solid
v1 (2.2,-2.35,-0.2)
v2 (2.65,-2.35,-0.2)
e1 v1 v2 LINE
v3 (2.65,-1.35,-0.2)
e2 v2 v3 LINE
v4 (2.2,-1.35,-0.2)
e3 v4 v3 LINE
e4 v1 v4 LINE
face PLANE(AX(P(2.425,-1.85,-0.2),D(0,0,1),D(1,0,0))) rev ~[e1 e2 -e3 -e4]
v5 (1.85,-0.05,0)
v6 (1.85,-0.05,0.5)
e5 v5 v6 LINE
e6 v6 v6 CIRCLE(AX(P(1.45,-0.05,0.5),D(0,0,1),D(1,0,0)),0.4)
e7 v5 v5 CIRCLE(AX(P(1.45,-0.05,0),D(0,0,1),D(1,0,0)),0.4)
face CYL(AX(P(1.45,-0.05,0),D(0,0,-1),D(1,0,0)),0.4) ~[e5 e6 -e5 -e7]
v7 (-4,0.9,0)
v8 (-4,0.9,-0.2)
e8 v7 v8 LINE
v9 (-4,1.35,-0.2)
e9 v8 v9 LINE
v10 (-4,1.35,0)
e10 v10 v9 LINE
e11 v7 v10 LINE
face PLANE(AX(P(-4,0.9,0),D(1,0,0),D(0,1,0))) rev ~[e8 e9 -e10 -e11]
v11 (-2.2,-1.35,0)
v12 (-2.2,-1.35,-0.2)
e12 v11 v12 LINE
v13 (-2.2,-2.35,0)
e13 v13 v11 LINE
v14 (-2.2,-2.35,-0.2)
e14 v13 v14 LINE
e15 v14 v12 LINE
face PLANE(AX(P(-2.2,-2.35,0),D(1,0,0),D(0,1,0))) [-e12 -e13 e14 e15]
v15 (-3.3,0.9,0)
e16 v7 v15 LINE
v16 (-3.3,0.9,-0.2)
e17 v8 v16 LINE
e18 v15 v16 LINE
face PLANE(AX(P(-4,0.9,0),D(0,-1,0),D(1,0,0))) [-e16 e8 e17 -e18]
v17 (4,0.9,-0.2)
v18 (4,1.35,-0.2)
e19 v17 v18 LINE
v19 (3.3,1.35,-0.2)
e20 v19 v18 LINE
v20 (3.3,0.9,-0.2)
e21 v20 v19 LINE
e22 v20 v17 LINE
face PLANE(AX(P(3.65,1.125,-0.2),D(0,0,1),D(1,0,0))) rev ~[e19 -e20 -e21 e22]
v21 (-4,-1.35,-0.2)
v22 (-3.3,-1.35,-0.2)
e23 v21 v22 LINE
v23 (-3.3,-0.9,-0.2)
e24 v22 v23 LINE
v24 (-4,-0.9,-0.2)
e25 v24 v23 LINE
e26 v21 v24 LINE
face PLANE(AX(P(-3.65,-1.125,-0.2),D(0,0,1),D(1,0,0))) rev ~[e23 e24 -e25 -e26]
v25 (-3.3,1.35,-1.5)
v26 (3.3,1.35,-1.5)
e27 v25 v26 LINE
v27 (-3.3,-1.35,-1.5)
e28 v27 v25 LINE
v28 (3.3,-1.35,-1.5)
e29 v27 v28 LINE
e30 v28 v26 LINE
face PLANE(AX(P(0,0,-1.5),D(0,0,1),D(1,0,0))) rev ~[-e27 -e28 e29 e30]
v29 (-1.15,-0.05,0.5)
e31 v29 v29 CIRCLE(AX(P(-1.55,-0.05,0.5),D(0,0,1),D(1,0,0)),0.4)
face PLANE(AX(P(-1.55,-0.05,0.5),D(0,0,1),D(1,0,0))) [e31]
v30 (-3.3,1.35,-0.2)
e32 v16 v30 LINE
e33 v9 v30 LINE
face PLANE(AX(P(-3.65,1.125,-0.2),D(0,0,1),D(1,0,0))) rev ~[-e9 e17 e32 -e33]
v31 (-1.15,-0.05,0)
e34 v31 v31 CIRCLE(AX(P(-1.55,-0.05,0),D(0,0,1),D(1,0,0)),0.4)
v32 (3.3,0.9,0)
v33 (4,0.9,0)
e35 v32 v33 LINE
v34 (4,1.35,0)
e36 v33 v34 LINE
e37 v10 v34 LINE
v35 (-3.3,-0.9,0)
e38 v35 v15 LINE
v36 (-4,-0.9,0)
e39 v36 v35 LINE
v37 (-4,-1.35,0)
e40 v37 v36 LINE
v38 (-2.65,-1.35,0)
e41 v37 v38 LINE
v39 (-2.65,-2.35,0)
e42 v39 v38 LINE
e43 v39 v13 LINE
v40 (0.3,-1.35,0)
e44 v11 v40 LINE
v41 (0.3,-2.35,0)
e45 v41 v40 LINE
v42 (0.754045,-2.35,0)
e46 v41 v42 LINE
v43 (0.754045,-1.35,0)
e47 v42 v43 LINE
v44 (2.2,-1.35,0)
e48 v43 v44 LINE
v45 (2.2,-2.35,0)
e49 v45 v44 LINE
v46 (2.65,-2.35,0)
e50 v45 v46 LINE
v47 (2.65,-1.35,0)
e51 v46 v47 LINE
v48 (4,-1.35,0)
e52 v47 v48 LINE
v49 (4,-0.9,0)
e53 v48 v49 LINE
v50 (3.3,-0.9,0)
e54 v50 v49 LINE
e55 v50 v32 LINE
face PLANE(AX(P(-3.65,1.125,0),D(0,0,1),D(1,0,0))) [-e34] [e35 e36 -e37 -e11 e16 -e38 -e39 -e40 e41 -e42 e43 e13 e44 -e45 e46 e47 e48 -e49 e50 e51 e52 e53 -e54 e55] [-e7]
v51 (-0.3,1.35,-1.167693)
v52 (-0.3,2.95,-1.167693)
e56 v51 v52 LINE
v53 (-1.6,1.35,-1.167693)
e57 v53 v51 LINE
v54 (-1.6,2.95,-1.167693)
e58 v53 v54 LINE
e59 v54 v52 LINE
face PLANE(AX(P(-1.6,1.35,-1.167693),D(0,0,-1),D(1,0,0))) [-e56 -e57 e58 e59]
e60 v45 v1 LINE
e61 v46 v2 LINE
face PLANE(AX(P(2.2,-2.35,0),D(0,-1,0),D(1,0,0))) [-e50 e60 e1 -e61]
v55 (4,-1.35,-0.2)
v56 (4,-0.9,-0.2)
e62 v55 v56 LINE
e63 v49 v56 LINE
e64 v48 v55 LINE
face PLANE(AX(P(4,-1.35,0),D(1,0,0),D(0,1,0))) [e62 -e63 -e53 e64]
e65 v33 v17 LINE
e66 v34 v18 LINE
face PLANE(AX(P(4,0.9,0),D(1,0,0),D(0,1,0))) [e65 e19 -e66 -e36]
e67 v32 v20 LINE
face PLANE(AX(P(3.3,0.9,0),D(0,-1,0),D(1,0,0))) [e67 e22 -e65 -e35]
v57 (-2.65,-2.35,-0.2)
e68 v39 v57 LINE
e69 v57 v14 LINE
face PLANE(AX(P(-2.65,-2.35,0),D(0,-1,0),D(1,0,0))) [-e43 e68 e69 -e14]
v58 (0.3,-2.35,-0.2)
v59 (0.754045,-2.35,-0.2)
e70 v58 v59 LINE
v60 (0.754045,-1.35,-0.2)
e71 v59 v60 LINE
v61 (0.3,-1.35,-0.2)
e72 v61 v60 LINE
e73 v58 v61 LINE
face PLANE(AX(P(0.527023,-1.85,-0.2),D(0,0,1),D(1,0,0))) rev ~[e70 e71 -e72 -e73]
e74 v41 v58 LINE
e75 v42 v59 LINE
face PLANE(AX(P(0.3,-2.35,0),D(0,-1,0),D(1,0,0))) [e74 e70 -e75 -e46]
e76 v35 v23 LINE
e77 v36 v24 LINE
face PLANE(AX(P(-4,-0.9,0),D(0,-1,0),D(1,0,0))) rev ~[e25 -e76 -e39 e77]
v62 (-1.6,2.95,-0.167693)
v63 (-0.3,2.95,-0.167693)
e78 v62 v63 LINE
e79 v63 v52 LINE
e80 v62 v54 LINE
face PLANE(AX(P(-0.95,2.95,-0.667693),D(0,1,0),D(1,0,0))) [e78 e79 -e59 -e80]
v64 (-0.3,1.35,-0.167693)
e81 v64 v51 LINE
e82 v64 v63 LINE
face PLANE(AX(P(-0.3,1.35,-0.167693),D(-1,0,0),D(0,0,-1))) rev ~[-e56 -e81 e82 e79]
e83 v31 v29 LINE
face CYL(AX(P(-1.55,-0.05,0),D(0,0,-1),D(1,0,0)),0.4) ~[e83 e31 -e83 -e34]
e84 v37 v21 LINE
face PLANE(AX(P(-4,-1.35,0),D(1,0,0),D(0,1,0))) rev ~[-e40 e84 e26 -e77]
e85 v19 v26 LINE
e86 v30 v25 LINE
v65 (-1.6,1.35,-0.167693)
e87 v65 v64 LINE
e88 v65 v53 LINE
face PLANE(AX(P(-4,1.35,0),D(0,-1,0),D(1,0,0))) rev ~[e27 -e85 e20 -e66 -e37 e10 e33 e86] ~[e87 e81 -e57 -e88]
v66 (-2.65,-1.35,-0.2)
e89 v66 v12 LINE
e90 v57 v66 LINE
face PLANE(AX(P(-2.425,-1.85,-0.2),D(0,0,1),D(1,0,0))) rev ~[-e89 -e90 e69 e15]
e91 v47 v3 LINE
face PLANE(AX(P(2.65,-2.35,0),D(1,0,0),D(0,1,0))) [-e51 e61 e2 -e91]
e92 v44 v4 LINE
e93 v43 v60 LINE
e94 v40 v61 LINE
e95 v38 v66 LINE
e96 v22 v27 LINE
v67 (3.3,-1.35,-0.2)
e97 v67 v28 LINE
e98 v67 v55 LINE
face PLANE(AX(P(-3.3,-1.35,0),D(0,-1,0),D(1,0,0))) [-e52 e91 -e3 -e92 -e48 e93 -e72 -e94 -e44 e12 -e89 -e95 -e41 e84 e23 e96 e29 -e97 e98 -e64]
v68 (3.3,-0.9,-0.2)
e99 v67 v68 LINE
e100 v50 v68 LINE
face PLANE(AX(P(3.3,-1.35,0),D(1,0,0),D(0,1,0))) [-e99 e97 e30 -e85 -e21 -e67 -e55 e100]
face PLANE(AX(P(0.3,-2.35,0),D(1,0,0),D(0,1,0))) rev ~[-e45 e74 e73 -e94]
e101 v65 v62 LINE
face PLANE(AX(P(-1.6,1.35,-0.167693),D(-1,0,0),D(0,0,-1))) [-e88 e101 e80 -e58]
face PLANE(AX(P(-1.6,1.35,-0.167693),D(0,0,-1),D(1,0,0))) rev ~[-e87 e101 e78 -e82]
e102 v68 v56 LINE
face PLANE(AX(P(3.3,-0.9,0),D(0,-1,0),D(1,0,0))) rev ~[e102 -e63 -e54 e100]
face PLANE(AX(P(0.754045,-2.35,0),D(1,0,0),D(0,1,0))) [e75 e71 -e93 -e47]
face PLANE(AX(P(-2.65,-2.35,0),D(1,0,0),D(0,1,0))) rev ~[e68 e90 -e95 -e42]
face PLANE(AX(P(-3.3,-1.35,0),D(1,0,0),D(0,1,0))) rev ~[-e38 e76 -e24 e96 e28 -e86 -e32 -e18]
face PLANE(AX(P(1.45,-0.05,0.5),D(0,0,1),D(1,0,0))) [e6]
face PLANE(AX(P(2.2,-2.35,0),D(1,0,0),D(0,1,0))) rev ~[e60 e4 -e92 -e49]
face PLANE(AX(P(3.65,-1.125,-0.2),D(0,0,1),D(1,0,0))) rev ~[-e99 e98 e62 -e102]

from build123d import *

# Parameters (mm, degrees)
SKETCH_1_W         = 6.6
SKETCH_1_H         = 2.7
EXTRUDE_1_DEPTH    = 1.5
SKETCH_2_W         = 0.7
SKETCH_2_H         = 0.45
EXTRUDE_664_DEPTH  = 0.2
SKETCH_3_W         = 0.45
SKETCH_3_H         = 1
SKETCH_3_W_2       = 0.45404522
EXTRUDE_1058_DEPTH = 0.2
SKETCH_4_W         = 1.3
SKETCH_4_H         = 1
EXTRUDE_4_DEPTH    = 1.6
SKETCH_5_R         = 0.4
EXTRUDE_5_DEPTH    = 0.5


with BuildPart() as part:
    # 草图1 → 凸台-拉伸1 (new body)
    with BuildSketch(Plane.XY):
        Rectangle(SKETCH_1_W, SKETCH_1_H)
    extrude(amount=-EXTRUDE_1_DEPTH)

    # 草图2 → Extrude 664 (add)
    with BuildSketch(Plane.XY):
        with Locations((-3.65, 1.125)):
            Rectangle(SKETCH_2_W, SKETCH_2_H)
        with Locations((3.65, 1.125)):
            Rectangle(SKETCH_2_W, SKETCH_2_H)
        with Locations((3.65, -1.125)):
            Rectangle(SKETCH_2_W, SKETCH_2_H)
        with Locations((-3.65, -1.125)):
            Rectangle(SKETCH_2_W, SKETCH_2_H)
    extrude(amount=-EXTRUDE_664_DEPTH)

    # 草图3 → Extrude 1058 (add)
    with BuildSketch(Plane.XY):
        with Locations((2.425, -1.85)):
            Rectangle(SKETCH_3_W, SKETCH_3_H)
        with Locations((-2.425, -1.85)):
            Rectangle(SKETCH_3_W, SKETCH_3_H)
        with Locations((0.52702261, -1.85)):
            Rectangle(SKETCH_3_W_2, SKETCH_3_H)
    extrude(amount=-EXTRUDE_1058_DEPTH)

    # 草图4 → 凸台-拉伸4 (add)
    with BuildSketch(Plane(origin=(0, 1.35, 0), x_dir=(1, 0, 0), z_dir=(0, 1, 0))):
        with Locations((-0.95, 0.667693313)):
            Rectangle(SKETCH_4_W, SKETCH_4_H)
    extrude(amount=EXTRUDE_4_DEPTH)

    # 草图5 → 凸台-拉伸5 (add)
    with BuildSketch(Plane.XY):
        with Locations((1.45, -0.05)):
            Circle(SKETCH_5_R)
        with Locations((-1.55, -0.05)):
            Circle(SKETCH_5_R)
    extrude(amount=EXTRUDE_5_DEPTH)


solid = part.part
